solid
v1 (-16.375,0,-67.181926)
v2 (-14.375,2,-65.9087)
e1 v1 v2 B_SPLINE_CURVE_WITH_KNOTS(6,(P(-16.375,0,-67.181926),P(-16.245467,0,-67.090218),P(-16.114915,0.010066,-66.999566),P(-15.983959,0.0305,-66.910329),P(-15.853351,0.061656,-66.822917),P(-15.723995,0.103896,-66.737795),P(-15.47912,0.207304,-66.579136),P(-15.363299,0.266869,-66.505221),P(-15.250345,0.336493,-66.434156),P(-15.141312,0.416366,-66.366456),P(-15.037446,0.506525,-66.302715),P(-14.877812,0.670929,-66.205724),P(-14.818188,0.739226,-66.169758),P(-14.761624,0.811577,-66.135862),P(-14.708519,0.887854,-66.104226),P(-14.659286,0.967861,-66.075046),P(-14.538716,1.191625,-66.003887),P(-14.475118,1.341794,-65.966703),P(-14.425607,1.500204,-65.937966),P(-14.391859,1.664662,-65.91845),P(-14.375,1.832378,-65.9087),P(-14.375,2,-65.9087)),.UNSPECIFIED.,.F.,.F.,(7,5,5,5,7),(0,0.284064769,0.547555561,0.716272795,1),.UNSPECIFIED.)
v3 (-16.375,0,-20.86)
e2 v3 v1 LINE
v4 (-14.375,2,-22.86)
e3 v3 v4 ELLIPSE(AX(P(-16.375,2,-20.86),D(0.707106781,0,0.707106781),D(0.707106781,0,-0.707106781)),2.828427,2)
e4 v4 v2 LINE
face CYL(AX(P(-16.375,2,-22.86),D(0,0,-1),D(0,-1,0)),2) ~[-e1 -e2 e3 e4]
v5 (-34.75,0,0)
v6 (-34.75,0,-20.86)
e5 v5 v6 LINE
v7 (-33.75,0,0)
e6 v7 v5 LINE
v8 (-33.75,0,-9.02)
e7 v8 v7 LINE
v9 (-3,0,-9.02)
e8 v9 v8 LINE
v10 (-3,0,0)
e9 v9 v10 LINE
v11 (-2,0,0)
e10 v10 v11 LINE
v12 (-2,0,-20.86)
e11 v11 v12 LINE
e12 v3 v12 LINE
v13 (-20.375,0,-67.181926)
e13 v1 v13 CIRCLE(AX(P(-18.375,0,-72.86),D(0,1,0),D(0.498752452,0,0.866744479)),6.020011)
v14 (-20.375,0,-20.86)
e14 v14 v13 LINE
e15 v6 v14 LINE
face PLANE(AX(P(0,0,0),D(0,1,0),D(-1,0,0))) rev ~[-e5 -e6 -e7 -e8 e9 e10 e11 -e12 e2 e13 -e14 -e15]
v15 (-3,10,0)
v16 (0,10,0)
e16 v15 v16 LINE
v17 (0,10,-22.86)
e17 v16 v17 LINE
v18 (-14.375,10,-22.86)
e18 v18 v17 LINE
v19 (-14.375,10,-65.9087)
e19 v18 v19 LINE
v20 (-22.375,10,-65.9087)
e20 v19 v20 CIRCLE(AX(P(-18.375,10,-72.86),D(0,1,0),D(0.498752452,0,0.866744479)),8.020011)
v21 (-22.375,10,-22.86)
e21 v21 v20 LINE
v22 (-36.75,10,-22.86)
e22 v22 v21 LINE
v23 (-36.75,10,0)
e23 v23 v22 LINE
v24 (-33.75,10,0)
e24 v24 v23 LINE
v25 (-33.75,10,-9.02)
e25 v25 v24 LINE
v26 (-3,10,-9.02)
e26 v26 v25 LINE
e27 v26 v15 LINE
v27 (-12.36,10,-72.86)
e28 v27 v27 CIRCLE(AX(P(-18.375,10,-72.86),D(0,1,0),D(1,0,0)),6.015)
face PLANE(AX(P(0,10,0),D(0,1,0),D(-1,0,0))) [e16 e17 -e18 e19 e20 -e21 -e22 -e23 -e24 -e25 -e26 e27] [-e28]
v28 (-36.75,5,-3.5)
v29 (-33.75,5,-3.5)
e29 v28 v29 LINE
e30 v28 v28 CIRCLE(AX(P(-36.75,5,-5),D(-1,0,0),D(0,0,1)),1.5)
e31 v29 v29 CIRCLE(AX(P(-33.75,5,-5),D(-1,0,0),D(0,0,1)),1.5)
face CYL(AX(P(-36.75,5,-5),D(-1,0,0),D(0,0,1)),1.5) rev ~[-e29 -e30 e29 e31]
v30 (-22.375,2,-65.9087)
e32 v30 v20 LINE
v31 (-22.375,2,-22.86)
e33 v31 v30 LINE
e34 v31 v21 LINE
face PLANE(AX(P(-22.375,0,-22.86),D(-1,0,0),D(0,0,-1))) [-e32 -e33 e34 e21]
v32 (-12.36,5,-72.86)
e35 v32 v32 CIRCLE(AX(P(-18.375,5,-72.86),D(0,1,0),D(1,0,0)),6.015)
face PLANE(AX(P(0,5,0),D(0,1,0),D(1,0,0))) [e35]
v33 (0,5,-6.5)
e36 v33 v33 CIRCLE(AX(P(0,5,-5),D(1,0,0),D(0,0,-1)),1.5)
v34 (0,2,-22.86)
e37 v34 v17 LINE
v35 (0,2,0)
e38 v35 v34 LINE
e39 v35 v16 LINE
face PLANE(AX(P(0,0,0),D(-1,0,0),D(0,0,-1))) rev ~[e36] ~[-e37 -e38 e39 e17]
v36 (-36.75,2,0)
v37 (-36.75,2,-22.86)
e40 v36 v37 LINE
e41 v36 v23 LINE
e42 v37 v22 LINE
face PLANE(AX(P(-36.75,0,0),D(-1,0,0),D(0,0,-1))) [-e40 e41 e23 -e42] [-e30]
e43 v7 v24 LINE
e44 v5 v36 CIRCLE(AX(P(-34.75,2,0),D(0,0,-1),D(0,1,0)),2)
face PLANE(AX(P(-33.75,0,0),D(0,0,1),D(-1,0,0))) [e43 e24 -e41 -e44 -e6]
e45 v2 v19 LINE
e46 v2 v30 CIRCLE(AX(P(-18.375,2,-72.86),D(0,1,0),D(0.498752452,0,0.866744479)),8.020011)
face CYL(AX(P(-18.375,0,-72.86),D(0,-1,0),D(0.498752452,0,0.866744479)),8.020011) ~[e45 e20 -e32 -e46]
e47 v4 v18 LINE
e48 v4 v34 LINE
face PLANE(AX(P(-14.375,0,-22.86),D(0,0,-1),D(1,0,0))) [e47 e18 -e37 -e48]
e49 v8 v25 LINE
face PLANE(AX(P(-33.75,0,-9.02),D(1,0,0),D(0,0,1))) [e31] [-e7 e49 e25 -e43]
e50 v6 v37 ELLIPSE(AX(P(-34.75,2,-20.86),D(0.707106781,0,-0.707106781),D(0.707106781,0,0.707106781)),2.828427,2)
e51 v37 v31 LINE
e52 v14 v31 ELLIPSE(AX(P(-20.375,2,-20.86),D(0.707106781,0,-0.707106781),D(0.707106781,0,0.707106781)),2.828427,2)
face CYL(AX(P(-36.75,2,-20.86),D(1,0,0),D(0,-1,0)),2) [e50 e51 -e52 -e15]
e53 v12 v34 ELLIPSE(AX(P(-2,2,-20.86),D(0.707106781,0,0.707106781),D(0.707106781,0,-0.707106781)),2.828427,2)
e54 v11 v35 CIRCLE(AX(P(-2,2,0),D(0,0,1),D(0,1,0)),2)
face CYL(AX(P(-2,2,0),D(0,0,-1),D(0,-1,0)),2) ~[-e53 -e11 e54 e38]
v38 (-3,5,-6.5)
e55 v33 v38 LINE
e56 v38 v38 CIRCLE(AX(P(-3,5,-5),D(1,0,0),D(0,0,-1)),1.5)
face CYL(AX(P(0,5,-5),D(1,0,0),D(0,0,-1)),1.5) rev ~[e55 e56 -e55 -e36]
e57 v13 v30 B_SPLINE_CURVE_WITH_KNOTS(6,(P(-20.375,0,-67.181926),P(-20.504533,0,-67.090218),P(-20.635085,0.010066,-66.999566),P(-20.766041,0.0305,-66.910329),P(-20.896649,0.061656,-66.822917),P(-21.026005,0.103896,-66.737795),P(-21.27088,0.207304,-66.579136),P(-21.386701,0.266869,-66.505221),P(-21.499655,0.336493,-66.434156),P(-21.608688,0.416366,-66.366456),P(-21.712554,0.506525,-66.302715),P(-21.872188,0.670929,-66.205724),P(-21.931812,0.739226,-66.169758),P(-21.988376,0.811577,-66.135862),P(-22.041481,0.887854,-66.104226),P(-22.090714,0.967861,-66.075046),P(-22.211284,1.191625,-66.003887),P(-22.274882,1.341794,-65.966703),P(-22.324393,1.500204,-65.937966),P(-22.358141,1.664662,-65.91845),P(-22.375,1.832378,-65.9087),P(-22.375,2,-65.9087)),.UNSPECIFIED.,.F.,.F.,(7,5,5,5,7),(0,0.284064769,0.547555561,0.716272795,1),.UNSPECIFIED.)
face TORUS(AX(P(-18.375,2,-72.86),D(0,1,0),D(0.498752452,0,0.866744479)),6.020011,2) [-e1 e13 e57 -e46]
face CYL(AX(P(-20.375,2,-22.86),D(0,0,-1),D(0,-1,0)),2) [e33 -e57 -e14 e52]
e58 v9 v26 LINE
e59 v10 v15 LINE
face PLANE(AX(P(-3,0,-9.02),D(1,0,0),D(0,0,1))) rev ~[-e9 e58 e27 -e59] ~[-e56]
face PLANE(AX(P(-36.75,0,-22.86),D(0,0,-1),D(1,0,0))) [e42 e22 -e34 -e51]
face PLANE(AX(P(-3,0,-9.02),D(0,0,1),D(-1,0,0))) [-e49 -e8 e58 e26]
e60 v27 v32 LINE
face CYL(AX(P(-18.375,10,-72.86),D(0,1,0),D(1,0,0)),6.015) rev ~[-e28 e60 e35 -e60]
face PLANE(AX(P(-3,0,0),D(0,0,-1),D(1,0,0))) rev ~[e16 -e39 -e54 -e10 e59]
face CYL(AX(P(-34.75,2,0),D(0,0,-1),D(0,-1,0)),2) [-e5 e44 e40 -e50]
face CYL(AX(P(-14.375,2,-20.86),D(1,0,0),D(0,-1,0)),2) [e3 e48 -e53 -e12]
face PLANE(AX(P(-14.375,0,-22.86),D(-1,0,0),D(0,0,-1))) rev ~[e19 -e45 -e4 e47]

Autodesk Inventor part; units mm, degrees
ref_plane "YZ Plane" through (0, 0, 0) normal (1, 0, 0) x (0, 1, 0)
ref_plane "XZ Plane" through (0, 0, 0) normal (0, 1, 0) x (-1, 0, 0)
ref_plane "XY Plane" through (0, 0, 0) normal (0, 0, 1) x (1, 0, 0)
sketch "Sketch1" plane through (0, 0, 0) normal (0, 1, 0) x (-1, 0, 0)
  line L0 (3, -9.02) -> (33.75, -9.02)
  line L1 (33.75, -9.02) -> (33.75, 0)
  line L2 (33.75, 0) -> (36.75, 0)
  line L3 (36.75, 0) -> (36.75, -22.86)
  line L4 (36.75, -22.86) -> (22.375, -22.86)
  line L5 (22.375, -22.86) -> (22.375, -65.9087)
  line L6 (14.375, -22.86) -> (14.375, -65.9087)
  line L7 (18.375, -22.86) -> (18.375, -72.86) construction
  arc A0 (14.375, -65.9087) -> (22.375, -65.9087) centre (18.375, -72.86) ccw
  line L8 (3, -9.02) -> (3, 0)
  line L9 (3, 0) -> (0, 0)
  line L10 (0, 0) -> (0, -22.86)
  line L11 (14.375, -22.86) -> (0, -22.86)
  dimension "d2" = 30.75
  dimension "d3" = 3
  dimension "d4" = 22.86
  dimension "d9" = 8
  dimension "d12" = 4
  dimension "d13" = 8.02
  dimension "d15" = 14.375
  dimension "d16" = 3
  dimension "d17" = 22.86
extrude "Extrusion1" add sketch "Sketch1" along normal blind 10
sketch "Sketch2" plane through (0, 0, 0) normal (1, 0, 0) x (0, 0, -1)
  circle A0 centre (5, 5) radius 1.5
  line L0 (0, 0) -> (0, 10) projected
  line L1 (0, 10) -> (22.86, 10) projected
  dimension "d23" = 5
  dimension "d24" = 5
  dimension "d25" = 3
extrude "Extrusion2" cut sketch "Sketch2" against normal blind 3
sketch "Sketch3" plane through (-36.75, 0, -22.86) normal (-1, 0, 0) x (0, 0, 1)
  circle A0 centre (17.86, 5) radius 1.5 projected
  circle A1 centre (17.86, 5) radius 1.5
  point P0 (22.86, 0)
extrude "Extrusion3" cut sketch "Sketch3" against normal blind 3
sketch "Sketch4" plane through (0, 10, 0) normal (0, 1, 0) x (1, 0, 0)
  arc A0 (-14.375, 65.9087) -> (-22.375, 65.9087) centre (-18.375, 72.86) ccw projected
  circle A1 centre (-18.375, 72.86) radius 6.015
  point P0 (0, 0)
  dimension "d30" = 12.03
extrude "Extrusion4" cut sketch "Sketch4" against normal blind 5
fillet "Fillet1" radius 2 7 edges at (-18.375, 0, -80.88) (-14.375, 0, -44.3844) (-7.1875, 0, -22.86) (-29.5625, 0, -22.86) (0, 0, -11.43) (-36.75, 0, -11.43) (-22.375, 0, -44.3844)
properties part number "Tarea 16 P2"
